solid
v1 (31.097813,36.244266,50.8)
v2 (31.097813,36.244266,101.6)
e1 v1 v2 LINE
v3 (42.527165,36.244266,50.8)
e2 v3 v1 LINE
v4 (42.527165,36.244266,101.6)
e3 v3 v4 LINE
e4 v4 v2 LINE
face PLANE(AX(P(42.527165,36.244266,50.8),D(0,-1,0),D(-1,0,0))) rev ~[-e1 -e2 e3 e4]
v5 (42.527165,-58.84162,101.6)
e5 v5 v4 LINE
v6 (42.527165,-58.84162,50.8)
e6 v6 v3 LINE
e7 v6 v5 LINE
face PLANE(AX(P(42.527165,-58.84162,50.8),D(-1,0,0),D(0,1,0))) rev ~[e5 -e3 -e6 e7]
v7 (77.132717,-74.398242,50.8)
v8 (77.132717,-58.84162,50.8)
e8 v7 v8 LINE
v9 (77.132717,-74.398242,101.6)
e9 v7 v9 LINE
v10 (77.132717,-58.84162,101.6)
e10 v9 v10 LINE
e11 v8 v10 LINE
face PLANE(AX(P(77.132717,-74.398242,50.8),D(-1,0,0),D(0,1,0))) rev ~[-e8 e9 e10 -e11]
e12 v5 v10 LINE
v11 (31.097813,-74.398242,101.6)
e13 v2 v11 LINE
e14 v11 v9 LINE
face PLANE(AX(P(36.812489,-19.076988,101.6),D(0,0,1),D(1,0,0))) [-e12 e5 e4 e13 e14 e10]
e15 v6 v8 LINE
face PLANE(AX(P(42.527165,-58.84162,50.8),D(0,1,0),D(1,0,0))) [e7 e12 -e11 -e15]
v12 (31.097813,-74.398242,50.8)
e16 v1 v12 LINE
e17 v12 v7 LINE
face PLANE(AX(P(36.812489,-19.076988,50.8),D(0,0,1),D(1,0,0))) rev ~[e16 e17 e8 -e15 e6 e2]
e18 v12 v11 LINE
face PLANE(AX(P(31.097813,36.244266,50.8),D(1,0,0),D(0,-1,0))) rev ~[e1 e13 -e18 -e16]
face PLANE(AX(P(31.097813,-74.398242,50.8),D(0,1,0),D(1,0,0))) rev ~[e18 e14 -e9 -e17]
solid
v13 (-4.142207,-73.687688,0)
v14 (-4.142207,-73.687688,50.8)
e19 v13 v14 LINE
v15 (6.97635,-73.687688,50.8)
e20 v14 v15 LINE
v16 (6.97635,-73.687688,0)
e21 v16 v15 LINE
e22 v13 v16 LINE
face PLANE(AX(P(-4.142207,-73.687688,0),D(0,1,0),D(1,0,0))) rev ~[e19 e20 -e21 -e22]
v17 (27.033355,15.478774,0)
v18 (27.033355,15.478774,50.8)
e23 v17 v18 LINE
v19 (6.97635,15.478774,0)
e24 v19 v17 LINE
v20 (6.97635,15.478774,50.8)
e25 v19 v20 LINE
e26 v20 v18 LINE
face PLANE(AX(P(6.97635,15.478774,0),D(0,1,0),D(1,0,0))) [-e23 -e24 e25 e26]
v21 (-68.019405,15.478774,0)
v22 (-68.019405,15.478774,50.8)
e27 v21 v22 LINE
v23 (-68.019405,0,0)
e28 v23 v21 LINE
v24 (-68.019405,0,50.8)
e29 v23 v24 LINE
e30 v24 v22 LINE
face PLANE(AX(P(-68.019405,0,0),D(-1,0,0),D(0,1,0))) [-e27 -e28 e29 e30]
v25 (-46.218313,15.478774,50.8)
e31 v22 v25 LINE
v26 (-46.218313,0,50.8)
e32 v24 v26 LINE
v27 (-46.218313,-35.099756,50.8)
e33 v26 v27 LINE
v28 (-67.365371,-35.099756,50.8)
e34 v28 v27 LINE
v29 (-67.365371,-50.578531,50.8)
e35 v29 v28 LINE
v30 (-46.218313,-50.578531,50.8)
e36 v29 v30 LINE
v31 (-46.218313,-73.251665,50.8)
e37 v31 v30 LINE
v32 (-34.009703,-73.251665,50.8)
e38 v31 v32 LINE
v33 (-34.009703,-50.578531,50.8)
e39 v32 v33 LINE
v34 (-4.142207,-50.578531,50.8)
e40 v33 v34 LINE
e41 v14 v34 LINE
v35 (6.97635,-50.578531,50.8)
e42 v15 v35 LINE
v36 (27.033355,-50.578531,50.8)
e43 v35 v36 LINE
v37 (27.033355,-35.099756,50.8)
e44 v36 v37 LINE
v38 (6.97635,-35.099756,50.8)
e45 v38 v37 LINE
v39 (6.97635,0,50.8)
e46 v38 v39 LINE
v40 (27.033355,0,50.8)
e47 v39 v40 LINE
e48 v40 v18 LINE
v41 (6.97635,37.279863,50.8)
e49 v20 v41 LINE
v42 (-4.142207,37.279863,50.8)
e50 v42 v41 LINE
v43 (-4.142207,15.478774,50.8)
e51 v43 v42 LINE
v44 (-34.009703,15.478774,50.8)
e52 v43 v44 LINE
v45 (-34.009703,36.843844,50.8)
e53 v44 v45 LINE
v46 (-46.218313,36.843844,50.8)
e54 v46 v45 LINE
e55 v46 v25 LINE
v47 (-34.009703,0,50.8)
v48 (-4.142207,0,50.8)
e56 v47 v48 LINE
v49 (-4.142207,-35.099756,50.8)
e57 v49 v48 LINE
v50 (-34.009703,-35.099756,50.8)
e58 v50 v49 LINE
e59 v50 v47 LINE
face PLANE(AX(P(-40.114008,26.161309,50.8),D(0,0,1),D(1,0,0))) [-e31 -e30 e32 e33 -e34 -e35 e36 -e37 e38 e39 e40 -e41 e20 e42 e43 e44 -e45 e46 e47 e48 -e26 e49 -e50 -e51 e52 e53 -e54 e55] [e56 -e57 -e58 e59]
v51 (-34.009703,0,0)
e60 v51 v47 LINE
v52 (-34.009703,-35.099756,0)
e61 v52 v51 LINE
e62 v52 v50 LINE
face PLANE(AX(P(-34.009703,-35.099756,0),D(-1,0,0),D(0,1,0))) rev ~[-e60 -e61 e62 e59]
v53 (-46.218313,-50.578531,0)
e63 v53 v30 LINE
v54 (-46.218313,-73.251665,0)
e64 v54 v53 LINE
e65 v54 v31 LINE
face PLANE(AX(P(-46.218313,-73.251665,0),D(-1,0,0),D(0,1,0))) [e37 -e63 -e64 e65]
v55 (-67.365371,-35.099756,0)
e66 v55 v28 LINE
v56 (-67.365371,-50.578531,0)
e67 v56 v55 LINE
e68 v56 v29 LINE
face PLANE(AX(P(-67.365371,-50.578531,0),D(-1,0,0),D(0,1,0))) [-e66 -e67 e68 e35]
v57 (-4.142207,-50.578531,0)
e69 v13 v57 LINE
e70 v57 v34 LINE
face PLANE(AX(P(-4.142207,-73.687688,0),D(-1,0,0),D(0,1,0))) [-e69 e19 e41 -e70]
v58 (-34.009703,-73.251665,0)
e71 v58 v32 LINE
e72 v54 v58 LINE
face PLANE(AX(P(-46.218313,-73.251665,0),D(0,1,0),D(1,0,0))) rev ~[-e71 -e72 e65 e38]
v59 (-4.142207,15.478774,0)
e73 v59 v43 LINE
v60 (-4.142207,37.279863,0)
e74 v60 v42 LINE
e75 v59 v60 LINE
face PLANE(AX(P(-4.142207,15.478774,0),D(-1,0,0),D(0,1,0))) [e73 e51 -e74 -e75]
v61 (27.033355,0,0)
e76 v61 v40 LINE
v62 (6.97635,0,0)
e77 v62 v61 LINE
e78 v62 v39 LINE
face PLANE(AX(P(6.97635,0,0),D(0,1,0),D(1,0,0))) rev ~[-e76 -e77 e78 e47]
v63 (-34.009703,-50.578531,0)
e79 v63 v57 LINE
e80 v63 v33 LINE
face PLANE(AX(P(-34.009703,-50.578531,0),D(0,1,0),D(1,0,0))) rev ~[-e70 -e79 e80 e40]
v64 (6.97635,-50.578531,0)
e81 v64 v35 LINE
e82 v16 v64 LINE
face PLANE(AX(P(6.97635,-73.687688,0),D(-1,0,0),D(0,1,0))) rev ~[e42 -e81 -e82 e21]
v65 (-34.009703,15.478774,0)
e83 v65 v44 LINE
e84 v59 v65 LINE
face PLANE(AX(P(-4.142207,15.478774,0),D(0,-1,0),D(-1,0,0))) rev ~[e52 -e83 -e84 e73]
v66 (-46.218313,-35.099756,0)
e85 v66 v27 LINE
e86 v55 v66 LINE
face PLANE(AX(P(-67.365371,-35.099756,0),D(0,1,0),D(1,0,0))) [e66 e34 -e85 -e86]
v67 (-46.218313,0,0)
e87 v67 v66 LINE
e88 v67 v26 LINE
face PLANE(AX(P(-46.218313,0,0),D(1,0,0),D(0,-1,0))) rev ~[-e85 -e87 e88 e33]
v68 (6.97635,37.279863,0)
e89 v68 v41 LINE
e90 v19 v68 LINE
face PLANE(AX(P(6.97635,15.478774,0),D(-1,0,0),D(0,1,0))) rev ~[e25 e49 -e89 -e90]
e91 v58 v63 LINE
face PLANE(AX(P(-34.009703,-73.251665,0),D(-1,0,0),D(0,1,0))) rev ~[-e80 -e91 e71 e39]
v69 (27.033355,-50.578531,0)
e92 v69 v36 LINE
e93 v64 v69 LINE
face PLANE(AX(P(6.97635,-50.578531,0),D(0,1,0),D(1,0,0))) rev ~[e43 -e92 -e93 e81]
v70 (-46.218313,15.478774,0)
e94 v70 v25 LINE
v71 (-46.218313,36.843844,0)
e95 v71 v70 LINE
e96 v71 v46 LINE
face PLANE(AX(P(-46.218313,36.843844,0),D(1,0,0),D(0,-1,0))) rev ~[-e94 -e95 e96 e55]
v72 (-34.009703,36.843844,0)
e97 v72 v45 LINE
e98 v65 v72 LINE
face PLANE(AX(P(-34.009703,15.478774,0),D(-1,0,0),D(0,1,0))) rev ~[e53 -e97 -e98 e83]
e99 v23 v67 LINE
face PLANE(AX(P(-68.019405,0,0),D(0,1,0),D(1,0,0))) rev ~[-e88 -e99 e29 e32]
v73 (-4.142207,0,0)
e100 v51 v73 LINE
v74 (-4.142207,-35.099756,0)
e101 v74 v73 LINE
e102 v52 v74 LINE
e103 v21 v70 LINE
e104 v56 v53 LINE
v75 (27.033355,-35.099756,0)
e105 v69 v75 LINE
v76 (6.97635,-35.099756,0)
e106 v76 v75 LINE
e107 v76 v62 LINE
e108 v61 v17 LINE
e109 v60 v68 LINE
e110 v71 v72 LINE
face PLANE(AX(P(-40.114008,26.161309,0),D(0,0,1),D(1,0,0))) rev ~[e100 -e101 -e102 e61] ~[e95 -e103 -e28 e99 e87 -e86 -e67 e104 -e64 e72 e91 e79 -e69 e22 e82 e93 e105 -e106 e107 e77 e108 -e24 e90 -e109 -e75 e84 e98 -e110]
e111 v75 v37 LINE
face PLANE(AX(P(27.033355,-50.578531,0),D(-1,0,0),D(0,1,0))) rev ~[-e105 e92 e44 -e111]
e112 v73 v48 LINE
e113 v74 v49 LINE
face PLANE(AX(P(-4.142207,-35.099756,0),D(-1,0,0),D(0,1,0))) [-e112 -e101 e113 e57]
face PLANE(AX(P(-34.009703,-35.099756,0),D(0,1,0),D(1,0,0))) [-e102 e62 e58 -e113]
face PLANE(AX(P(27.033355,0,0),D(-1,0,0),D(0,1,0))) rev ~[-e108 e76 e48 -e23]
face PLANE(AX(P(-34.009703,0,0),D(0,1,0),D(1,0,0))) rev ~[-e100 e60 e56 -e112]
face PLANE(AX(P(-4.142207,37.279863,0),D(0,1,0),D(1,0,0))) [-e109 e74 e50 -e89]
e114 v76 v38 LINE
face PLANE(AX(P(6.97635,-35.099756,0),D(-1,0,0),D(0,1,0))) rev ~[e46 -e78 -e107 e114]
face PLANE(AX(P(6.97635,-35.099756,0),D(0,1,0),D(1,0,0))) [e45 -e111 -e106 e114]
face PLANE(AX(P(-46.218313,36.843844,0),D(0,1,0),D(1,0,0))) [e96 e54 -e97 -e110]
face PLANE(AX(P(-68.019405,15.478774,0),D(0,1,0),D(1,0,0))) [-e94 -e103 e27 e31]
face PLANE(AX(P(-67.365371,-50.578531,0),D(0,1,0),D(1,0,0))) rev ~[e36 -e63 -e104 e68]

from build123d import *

# Parameters (mm, degrees)
F0_W     = 12.2086107731
F0_H     = 21.3650697842
F0_H_2   = 15.4787739739
F0_W_2   = 21.8010917306
F0_W_3   = 29.8674958758
F0_H_3   = 35.0997559726
F0_W_4   = 11.1185563728
F0_H_4   = 21.8010889366
F0_H_5   = 15.4787749052
F0_W_5   = 21.1470574141
F0_W_6   = 20.0570053421
F0_H_6   = 22.6731337607
F0_H_7   = 23.1091566384
F1_DEPTH = 50.8
F2_W     = 34.605551511
F2_H     = 15.5566222966
F3_DEPTH = 50.8


with BuildPart() as f1:
    # F0 (on Top) → F1 (new body)
    with BuildSketch(Plane.XY):
        with Locations((-40.1140078902, 26.161308866)):
            Rectangle(F0_W, F0_H)
        with Locations((-40.1140078902, 7.7393869869)):
            Rectangle(F0_W, F0_H_2)
        with Locations((-57.1188591421, 7.7393869869)):
            Rectangle(F0_W_2, F0_H_2)
        with Locations((-19.0759545658, 7.7393869869)):
            Rectangle(F0_W_3, F0_H_2)
        with Locations((-40.1140078902, -17.5498779863)):
            Rectangle(F0_W, F0_H_3)
        with Locations((1.4170715585, 7.7393869869)):
            Rectangle(F0_W_4, F0_H_2)
        with Locations((1.4170715585, 26.3793184422)):
            Rectangle(F0_W_4, F0_H_4)
        with Locations((-40.1140078902, -42.8391434252)):
            Rectangle(F0_W, F0_H_5)
        with Locations((-56.7918419838, -42.8391434252)):
            Rectangle(F0_W_5, F0_H_5)
        with Locations((-19.0759545658, -42.8391434252)):
            Rectangle(F0_W_3, F0_H_5)
        with Locations((1.4170715585, -17.5498779863)):
            Rectangle(F0_W_4, F0_H_3)
        with Locations((17.004852416, 7.7393869869)):
            Rectangle(F0_W_6, F0_H_2)
        with Locations((-40.1140078902, -61.9150977582)):
            Rectangle(F0_W, F0_H_6)
        with Locations((1.4170715585, -42.8391434252)):
            Rectangle(F0_W_4, F0_H_5)
        with Locations((1.4170715585, -62.133109197)):
            Rectangle(F0_W_4, F0_H_7)
        with Locations((17.004852416, -42.8391434252)):
            Rectangle(F0_W_6, F0_H_5)
    extrude(amount=F1_DEPTH)


with BuildPart() as f3:
    # F2 (on face) → F3 (new body)
    with BuildSketch(Plane.XY.offset(50.8)):
        Polygon((42.5271652639, 36.2442657351), (31.0978125781, 36.2442657351), (31.0978125781, -74.3982419372), (42.5271652639, -74.3982419372), (42.5271652639, -58.8416196406), align=None)
        with Locations((59.8299410194, -66.6199307889)):
            Rectangle(F2_W, F2_H)
    extrude(amount=F3_DEPTH)


solid = Compound([f1.part, f3.part])
